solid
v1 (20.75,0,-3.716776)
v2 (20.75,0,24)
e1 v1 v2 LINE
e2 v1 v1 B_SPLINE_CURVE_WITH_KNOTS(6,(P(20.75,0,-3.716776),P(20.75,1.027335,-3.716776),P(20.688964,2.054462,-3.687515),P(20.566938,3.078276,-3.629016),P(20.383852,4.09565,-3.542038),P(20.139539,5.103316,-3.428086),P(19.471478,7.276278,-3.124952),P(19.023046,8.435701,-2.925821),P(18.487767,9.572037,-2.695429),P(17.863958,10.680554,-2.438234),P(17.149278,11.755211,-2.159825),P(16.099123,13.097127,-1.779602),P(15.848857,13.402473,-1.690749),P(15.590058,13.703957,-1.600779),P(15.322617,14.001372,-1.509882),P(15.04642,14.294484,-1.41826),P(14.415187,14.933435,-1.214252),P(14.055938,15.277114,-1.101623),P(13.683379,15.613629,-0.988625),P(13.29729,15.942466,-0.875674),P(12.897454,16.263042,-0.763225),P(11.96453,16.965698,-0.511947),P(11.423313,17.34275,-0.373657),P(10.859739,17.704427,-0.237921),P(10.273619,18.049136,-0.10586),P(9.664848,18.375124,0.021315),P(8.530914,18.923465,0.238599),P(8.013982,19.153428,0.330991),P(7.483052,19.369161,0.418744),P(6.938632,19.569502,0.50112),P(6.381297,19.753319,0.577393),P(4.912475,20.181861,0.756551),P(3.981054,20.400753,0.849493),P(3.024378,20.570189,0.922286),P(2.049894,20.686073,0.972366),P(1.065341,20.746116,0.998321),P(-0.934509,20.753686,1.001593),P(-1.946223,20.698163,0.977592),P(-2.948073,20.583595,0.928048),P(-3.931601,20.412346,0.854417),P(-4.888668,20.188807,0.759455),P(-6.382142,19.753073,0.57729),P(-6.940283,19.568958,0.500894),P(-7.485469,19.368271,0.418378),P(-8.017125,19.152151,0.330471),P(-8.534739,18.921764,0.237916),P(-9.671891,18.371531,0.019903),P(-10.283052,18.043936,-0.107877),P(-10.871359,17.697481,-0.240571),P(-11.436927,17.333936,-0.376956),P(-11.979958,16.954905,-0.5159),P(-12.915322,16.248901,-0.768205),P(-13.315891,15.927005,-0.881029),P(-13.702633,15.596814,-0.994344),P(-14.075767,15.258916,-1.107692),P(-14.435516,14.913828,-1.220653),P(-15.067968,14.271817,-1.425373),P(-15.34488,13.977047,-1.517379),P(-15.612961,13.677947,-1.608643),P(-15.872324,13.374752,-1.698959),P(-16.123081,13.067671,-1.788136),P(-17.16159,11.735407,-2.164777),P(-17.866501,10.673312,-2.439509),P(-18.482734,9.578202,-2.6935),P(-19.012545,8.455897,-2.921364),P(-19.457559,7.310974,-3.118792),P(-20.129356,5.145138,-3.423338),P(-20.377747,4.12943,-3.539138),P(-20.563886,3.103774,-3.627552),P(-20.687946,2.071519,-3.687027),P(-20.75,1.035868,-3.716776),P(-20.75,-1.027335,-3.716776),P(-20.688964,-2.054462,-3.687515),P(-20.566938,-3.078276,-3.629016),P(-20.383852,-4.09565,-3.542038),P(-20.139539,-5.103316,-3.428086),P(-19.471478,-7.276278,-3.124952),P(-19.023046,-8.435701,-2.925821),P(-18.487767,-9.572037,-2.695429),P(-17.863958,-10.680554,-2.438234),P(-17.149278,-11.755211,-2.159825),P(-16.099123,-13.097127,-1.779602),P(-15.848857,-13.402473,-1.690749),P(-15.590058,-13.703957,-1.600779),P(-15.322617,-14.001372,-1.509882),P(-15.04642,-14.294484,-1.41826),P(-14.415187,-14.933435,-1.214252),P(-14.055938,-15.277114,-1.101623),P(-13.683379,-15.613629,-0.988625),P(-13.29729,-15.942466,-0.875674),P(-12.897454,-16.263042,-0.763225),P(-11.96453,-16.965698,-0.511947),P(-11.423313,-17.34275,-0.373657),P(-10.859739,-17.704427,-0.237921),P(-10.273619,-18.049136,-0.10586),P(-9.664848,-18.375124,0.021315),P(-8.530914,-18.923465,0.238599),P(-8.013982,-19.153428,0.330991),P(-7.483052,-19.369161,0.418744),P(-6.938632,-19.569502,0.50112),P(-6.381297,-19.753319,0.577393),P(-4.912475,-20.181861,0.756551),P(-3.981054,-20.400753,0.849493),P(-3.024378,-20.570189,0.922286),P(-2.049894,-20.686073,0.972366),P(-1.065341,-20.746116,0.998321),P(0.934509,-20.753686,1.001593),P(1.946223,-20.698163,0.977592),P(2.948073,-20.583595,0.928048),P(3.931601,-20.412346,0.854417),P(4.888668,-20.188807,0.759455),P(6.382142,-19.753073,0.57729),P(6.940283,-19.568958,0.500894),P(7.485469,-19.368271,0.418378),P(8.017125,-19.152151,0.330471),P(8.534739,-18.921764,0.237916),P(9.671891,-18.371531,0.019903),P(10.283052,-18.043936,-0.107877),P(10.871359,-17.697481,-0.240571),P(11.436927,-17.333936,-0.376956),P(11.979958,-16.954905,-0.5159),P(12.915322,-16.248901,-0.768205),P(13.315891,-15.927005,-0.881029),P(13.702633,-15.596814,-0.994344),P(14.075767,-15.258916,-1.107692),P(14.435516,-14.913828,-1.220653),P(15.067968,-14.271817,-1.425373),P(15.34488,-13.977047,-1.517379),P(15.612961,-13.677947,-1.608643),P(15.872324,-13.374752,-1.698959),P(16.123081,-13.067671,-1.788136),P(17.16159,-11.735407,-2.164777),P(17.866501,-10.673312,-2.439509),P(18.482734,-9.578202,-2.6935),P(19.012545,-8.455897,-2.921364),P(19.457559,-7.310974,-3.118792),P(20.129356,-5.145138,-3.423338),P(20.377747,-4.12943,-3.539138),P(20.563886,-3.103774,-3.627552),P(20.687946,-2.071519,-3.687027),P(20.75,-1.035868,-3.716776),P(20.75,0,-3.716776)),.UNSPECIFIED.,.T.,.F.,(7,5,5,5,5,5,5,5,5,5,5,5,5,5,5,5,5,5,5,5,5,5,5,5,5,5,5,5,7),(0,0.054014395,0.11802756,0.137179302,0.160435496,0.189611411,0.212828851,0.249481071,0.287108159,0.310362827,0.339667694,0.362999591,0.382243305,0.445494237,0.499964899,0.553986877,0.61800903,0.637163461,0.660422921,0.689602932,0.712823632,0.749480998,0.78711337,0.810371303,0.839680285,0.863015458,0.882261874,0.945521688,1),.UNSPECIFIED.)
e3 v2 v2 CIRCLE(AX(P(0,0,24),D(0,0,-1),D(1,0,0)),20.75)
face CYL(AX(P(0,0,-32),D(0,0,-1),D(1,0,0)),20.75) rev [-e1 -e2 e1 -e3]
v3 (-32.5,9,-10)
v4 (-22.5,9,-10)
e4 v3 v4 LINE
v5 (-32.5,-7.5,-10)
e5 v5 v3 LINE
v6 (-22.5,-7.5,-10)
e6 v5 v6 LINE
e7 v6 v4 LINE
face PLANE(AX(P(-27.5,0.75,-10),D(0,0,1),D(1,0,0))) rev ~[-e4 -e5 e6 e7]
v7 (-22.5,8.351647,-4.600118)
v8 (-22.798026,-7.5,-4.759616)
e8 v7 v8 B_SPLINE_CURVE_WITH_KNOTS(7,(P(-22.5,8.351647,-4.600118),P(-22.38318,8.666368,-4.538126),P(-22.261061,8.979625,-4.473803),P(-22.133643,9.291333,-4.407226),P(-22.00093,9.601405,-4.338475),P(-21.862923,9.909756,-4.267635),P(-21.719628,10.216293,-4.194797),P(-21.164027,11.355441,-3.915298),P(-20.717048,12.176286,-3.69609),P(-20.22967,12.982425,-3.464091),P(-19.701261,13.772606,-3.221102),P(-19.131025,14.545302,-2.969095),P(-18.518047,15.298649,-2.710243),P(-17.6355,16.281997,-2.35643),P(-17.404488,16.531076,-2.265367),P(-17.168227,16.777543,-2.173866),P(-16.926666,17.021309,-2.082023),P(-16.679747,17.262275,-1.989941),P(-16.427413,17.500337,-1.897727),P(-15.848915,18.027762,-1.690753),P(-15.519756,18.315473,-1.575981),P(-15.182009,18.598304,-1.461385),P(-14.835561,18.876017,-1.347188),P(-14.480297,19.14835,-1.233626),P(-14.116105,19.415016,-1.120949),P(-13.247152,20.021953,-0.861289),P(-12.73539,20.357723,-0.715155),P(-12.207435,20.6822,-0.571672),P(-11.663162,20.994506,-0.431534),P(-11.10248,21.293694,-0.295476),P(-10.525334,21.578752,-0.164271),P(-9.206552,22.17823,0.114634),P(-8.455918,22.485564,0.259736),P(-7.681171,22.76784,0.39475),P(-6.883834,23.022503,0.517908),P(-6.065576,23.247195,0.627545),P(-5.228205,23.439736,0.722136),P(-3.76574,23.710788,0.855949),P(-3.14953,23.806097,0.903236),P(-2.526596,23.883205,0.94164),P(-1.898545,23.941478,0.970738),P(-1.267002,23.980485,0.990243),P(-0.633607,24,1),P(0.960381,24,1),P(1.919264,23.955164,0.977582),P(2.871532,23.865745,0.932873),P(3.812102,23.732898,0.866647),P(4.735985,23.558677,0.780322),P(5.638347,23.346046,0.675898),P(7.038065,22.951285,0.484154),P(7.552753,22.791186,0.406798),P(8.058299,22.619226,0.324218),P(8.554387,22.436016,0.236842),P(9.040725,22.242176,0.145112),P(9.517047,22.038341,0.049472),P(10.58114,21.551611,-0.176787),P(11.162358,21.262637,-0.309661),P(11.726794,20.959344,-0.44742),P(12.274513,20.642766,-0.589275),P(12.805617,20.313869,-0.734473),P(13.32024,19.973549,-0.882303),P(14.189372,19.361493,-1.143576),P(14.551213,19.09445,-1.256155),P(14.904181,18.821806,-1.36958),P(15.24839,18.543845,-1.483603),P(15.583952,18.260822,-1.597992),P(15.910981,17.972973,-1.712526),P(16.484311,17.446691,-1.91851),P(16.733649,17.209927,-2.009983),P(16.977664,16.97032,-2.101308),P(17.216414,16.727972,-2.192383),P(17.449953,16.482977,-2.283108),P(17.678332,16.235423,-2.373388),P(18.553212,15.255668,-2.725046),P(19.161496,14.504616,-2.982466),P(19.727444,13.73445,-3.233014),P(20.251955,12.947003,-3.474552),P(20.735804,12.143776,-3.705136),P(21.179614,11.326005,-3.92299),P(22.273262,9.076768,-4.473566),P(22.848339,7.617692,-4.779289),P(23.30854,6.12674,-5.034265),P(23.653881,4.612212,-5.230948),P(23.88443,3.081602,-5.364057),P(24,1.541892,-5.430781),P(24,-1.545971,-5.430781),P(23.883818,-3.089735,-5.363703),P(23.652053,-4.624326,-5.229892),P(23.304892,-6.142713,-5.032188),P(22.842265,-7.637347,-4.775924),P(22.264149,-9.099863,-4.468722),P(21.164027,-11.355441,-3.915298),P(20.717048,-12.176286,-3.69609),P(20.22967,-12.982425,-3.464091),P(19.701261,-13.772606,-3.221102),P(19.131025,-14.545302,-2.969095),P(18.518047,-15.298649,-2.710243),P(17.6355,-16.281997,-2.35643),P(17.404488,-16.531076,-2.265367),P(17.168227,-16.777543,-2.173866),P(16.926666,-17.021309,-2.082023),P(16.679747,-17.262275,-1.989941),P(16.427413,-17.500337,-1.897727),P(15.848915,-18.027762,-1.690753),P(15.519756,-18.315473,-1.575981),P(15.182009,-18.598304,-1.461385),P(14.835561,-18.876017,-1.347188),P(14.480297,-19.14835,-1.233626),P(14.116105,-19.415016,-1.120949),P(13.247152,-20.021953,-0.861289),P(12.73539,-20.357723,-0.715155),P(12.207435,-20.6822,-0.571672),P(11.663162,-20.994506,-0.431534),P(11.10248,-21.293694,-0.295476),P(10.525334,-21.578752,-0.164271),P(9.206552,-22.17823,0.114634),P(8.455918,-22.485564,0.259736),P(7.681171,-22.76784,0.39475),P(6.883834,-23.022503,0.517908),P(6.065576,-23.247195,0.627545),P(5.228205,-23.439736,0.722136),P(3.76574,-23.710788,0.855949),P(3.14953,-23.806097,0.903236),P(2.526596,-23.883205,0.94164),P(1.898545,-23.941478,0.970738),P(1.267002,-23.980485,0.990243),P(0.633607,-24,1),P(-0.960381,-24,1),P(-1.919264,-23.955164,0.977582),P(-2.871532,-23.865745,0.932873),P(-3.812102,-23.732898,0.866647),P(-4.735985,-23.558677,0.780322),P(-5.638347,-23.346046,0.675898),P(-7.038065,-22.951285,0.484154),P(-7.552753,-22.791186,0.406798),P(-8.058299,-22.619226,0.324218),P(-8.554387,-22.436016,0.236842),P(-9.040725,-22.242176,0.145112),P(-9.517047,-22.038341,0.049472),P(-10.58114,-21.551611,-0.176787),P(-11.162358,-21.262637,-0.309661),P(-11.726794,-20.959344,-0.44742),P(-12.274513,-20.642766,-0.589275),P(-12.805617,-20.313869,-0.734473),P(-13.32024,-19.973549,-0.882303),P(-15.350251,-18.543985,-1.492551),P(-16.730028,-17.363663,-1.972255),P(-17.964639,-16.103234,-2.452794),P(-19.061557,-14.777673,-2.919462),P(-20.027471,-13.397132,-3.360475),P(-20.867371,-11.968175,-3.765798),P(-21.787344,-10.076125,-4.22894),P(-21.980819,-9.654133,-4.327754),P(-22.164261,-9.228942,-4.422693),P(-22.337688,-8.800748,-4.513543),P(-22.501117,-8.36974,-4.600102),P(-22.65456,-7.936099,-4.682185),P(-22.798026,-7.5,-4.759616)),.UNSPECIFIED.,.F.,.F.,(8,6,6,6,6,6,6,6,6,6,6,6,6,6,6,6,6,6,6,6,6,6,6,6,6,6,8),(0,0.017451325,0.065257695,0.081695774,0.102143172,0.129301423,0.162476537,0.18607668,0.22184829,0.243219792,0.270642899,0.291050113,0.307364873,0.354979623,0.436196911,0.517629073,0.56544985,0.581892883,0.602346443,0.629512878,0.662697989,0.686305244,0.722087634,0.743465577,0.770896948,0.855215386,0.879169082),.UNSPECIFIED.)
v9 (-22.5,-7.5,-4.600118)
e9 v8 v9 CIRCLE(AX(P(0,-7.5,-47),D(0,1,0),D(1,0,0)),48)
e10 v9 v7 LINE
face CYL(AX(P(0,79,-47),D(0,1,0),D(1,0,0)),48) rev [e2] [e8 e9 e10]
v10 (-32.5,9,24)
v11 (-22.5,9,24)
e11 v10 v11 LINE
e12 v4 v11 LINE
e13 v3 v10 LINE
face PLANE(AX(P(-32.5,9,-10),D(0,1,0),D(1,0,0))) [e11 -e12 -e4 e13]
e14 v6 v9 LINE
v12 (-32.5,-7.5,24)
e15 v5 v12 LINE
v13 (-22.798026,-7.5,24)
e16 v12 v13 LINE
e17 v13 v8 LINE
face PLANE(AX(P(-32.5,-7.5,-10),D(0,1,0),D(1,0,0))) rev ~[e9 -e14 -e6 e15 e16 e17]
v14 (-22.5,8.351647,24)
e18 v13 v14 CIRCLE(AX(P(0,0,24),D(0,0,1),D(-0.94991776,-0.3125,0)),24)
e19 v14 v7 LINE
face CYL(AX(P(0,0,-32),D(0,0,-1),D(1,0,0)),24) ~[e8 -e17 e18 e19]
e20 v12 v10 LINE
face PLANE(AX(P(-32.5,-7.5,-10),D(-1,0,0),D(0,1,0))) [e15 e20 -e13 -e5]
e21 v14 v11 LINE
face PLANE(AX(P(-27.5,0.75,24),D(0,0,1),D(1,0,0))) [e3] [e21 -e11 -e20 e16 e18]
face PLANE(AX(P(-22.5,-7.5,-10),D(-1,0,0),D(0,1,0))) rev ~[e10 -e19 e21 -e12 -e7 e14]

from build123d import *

# Parameters (mm, degrees)
BOX002_W               = 10
BOX002_H               = 16.5
BOX002_DEPTH           = 34
CYLINDER009_R          = 20.75
CYLINDER009_DEPTH      = 150
CYLINDER014_R          = 48
CYLINDER014_DEPTH      = 245
CYLINDER014_ROLL_ANGLE = 90
CYLINDER013_R          = 24
CYLINDER013_DEPTH      = 56


with BuildPart() as cubo_externo_para_riel_de_enfocador:
    # Box002 → Box002 (new body)
    with BuildSketch(Plane(origin=(-32.5, -7.5, -10), x_dir=(1, 0, 0), z_dir=(0, 0, 1))):
        with Locations((5, 8.25)):
            Rectangle(BOX002_W, BOX002_H)
    extrude(amount=BOX002_DEPTH)


with BuildPart() as cylinder009:
    # Cylinder009 → Cylinder009 (new body)
    with BuildSketch(Plane.XY.offset(-32)):
        Circle(CYLINDER009_R)
    extrude(amount=CYLINDER009_DEPTH)


with BuildPart() as cylinder014:
    # Cylinder014 → Cylinder014 (new body)
    with BuildSketch(Plane.XY):
        Circle(CYLINDER014_R)
    extrude(amount=CYLINDER014_DEPTH)


with BuildPart() as cylinder014_1:
    # Cylinder014 roll: moved
    add(cylinder014.part.rotate(Axis((0, 0, 0), (1, 0, 0)), CYLINDER014_ROLL_ANGLE))


with BuildPart() as cylinder014_2:
    # Cylinder014 placement: moved
    add(cylinder014_1.part.moved(Location((0, 79, -47))))


with BuildPart() as fusion009:
    # Cylinder013 → Cylinder013 (new body)
    with BuildSketch(Plane.XY.offset(-32)):
        Circle(CYLINDER013_R)
    extrude(amount=CYLINDER013_DEPTH)

    # Cut008: cut Cylinder014
    add(cylinder014_2.part, mode=Mode.SUBTRACT)

    # Cut009: cut Cylinder009
    add(cylinder009.part, mode=Mode.SUBTRACT)

    # Fusion009: union Cubo externo para riel de enfocador
    add(cubo_externo_para_riel_de_enfocador.part)


solid = fusion009.part
